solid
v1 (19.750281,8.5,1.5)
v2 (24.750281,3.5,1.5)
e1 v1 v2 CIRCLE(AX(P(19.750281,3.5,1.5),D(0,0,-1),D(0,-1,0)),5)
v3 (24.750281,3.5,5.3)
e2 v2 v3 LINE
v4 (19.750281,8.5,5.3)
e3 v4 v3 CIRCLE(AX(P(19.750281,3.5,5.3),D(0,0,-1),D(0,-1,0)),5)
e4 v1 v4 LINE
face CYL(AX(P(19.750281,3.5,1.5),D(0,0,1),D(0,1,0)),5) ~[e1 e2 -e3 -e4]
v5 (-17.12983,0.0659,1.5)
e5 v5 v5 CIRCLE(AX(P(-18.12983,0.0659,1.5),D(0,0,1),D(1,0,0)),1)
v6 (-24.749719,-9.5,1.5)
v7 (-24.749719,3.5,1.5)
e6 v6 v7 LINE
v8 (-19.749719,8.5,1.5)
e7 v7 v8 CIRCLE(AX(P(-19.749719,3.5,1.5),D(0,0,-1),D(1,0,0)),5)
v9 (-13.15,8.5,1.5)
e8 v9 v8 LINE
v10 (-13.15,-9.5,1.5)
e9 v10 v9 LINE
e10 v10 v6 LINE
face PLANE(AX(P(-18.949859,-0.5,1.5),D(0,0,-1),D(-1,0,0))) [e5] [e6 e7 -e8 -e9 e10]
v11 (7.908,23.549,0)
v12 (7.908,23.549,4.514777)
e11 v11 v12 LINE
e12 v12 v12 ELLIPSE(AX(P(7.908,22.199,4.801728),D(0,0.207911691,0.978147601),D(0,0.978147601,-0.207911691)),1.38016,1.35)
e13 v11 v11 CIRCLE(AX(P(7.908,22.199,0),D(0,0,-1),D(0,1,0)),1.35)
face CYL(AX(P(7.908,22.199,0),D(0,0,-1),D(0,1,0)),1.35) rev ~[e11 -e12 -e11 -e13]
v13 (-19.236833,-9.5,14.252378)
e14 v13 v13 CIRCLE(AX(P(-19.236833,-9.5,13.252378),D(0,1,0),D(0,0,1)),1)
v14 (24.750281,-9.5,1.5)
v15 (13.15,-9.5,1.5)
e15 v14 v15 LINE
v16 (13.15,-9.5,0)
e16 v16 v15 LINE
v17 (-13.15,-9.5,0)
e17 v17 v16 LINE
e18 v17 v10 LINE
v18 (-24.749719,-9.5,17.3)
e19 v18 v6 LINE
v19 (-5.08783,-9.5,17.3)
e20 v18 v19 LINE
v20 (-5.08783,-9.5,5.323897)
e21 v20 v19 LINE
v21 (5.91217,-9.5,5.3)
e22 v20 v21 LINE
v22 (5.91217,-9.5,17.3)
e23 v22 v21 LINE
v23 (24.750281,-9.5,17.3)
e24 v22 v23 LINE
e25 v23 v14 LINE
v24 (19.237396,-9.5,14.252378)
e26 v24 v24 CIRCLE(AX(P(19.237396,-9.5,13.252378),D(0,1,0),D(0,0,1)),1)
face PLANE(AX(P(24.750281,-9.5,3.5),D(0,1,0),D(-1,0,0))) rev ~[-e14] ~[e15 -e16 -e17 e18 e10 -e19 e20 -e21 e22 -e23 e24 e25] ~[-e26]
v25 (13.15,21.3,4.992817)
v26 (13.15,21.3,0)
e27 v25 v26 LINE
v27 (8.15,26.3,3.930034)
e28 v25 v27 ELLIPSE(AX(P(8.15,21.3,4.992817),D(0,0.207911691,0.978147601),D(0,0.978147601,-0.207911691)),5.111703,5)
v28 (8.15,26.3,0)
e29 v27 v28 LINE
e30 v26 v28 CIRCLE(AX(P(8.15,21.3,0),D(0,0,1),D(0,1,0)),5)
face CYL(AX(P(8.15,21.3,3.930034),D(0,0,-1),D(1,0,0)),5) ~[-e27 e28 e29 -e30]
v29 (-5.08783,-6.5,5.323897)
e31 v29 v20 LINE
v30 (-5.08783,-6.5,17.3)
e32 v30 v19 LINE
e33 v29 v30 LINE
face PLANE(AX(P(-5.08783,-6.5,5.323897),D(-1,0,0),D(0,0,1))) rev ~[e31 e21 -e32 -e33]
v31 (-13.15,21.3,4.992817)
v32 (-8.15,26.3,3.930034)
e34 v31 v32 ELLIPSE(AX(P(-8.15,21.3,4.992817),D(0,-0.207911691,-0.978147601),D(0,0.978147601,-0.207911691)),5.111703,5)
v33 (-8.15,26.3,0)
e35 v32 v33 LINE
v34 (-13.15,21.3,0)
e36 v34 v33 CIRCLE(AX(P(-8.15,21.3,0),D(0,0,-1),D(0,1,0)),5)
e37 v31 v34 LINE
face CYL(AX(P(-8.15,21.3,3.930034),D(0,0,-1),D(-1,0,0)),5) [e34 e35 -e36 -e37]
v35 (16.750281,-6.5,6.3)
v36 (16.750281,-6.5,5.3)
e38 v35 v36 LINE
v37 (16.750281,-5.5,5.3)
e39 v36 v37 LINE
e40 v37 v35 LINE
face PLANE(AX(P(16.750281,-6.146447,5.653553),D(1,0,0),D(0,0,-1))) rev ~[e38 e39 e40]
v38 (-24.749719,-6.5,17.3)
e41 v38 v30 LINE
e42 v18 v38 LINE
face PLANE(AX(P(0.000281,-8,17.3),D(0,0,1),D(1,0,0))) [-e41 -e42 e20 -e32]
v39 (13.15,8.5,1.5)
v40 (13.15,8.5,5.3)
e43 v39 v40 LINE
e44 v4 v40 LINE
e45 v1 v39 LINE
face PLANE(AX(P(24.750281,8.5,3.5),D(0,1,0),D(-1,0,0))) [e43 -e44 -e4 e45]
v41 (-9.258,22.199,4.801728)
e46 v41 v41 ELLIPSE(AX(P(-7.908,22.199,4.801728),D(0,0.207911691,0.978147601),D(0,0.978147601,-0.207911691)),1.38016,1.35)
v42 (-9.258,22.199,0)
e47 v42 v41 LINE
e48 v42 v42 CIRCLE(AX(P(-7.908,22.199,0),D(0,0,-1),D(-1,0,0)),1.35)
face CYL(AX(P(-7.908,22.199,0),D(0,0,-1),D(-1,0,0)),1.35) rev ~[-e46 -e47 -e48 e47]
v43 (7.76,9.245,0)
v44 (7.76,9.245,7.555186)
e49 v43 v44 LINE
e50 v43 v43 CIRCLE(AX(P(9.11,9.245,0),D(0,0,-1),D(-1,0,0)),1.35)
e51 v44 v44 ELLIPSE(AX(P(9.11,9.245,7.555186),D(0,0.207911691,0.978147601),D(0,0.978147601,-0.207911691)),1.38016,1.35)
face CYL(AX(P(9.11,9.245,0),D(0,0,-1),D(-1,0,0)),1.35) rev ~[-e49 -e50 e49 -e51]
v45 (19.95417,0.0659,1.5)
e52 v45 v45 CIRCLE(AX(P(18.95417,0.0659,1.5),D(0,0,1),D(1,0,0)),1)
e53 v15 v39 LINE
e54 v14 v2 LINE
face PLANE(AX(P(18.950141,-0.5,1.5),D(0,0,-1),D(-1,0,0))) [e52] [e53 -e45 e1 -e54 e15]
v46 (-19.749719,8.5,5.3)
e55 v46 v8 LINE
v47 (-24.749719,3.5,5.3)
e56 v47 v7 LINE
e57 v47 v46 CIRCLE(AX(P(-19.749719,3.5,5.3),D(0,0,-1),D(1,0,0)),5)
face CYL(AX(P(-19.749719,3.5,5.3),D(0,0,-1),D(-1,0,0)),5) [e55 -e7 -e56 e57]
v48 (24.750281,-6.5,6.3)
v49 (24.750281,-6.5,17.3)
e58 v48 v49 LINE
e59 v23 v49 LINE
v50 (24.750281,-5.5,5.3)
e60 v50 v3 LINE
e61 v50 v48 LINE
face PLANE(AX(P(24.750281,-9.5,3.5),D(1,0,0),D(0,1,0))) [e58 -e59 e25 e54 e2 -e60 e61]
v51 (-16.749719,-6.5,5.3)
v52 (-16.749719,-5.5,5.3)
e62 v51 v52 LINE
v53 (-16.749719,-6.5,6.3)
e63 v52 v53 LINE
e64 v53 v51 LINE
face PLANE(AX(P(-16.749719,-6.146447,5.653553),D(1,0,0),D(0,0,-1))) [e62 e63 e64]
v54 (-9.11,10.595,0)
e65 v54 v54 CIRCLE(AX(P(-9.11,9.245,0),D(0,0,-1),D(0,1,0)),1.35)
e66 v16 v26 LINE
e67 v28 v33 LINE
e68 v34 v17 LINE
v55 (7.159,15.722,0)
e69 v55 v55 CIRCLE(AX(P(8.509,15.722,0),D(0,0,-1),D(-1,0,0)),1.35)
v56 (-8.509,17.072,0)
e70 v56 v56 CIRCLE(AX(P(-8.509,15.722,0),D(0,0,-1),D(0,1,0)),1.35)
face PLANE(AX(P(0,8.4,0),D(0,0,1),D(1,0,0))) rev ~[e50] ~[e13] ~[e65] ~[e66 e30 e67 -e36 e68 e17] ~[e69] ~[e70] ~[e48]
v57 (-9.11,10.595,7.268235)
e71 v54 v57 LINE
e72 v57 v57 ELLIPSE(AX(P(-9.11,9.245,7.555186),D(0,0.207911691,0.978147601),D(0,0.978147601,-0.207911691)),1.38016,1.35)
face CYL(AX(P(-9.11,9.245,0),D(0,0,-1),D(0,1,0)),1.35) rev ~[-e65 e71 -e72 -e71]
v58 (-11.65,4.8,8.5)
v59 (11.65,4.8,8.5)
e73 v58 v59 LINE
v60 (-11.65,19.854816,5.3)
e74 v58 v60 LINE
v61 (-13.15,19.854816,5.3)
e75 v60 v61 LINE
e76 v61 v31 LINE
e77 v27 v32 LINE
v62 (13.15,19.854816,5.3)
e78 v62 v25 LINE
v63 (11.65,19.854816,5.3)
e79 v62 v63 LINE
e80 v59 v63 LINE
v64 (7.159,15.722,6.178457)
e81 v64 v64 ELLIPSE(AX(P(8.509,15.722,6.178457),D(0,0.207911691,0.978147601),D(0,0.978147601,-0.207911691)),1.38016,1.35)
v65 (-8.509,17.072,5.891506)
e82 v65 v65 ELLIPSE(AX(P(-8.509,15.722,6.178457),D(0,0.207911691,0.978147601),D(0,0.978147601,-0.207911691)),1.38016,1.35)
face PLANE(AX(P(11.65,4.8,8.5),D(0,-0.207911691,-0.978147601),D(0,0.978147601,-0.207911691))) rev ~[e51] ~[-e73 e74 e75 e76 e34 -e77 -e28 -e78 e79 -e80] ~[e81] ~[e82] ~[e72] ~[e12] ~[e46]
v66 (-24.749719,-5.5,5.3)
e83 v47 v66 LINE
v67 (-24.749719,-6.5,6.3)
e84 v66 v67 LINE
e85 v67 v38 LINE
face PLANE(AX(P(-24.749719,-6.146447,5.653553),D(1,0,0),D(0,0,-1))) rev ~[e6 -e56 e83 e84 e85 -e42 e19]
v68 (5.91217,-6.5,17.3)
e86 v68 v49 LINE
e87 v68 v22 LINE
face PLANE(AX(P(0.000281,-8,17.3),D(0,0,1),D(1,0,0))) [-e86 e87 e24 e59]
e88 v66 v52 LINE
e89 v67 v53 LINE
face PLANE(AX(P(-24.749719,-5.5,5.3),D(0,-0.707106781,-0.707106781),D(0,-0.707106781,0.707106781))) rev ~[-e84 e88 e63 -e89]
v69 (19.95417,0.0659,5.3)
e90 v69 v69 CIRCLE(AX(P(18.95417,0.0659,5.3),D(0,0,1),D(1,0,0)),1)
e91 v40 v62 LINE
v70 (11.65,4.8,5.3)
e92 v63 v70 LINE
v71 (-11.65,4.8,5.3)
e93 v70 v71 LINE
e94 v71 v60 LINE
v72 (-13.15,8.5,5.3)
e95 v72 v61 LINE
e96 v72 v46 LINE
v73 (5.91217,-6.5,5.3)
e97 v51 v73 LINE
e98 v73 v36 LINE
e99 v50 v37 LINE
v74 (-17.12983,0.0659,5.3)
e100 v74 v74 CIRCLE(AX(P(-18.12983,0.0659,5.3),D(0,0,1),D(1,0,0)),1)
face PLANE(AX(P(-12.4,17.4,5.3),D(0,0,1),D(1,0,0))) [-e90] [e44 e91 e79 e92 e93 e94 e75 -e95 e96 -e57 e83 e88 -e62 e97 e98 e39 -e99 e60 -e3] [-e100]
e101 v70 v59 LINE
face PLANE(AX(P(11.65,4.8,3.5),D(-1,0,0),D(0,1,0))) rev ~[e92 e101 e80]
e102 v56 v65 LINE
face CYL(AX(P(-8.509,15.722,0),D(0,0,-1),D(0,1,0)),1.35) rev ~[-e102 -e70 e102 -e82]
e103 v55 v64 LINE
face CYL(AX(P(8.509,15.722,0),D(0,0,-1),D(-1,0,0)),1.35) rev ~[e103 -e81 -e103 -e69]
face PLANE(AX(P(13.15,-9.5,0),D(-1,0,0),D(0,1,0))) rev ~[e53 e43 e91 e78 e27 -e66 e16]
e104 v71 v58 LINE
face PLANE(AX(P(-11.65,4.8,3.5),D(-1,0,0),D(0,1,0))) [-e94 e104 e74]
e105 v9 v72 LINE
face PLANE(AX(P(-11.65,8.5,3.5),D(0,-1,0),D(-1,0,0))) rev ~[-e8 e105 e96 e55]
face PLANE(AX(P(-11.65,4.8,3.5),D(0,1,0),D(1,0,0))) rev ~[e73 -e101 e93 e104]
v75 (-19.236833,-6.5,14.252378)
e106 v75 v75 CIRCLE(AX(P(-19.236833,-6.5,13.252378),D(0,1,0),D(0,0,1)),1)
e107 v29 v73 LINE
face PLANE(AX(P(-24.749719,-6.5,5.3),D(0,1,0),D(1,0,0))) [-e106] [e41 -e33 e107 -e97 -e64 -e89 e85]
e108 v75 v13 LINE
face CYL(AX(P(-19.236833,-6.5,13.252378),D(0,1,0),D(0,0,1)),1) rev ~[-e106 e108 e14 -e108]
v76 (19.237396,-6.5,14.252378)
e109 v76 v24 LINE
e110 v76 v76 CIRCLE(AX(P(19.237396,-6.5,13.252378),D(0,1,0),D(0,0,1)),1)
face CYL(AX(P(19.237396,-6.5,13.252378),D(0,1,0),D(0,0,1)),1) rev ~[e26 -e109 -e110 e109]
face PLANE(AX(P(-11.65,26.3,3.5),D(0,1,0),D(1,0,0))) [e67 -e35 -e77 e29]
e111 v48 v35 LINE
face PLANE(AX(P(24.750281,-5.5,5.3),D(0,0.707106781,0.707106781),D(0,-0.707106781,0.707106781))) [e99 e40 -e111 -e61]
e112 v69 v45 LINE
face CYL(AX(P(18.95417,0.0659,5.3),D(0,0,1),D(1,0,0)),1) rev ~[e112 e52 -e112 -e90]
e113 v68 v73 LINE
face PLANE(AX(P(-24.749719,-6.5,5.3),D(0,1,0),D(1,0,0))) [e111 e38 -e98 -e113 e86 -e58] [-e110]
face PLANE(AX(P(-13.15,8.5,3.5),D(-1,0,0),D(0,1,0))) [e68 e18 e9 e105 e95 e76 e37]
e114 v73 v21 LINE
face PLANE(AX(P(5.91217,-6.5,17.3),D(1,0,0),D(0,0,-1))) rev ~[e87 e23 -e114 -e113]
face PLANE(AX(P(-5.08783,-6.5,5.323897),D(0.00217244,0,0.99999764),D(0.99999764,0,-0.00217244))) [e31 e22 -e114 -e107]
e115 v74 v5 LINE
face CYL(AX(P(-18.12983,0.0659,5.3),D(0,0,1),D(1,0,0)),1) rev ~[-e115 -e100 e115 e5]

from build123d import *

# Parameters (mm, degrees)
RESSALTO_EXTRUS_O1_DEPTH          = 3.5
RESSALTO_EXTRUS_O2_DEPTH          = 1.8
ESBO_O5_W                         = 49.5
ESBO_O5_H                         = 3
RESSALTO_EXTRUS_O3_DEPTH          = 12
ESBO_O6_W                         = 1.5
ESBO_O6_H                         = 17.8
RESSALTO_EXTRUS_O4_DEPTH          = 1.8
ESBO_O7_R                         = 1
CORTE_EXTRUS_O2_DEPTH             = 45.583701426
CORTE_EXTRUS_O4_DEPTH             = 45.583701426
RESSALTO_EXTRUS_O5_DEPTH          = 8
RESSALTO_EXTRUS_O6_DEPTH          = 8
ESBO_O12_W                        = 11.60028147
ESBO_O12_H                        = 18
ESBO_O12_W_2                      = 11.59971853
RESSALTO_EXTRUS_O7_DEPTH          = 2
ESBO_O4_R                         = 1
CORTE_EXTRUS_O1_DEPTH             = 10
ESBO_O14_W                        = 23.3
ESBO_O14_H                        = 21.5
RESSALTO_EXTRUS_O8_DEPTH          = 5
CORTE_EXTRUS_O5_REACH             = 50.124
CORTE_EXTRUS_O5_DIRECTION_2_DEPTH = 10
CORTE_EXTRUS_O6_REACH             = 42.044
ESBO_O16_R                        = 1.35
FILETE1_R                         = 5


with BuildPart() as part:
    # Esbo_o1 → Ressalto-extrus_o1 (new body)
    with BuildSketch(Plane.XY):
        Polygon((-13.15, -9.5), (13.15, -9.5), (13.15, 6.5), (13.15, 26.3), (-13.15, 26.3), (-13.15, 6.5), align=None)
    extrude(amount=RESSALTO_EXTRUS_O1_DEPTH)

    # Esbo_o2 → Ressalto-extrus_o2 (add)
    with BuildSketch(Plane.XY.offset(3.5)):
        Polygon((24.75028147, 8.5), (11.65, 8.5), (11.65, 4.8), (-11.65, 4.8), (-11.65, 8.5), (-24.74971853, 8.5), (-24.74971853, -9.5), (-11.65, -9.5), (10.65, -9.5), (24.75028147, -9.5), align=None)
    extrude(amount=RESSALTO_EXTRUS_O2_DEPTH)

    # Esbo_o5 → Ressalto-extrus_o3 (add)
    with BuildSketch(Plane.XY.offset(5.3)):
        with Locations((0.00028147, -8)):
            Rectangle(ESBO_O5_W, ESBO_O5_H)
    extrude(amount=RESSALTO_EXTRUS_O3_DEPTH)

    # Esbo_o6 → Ressalto-extrus_o4 (add)
    with BuildSketch(Plane.XY.offset(3.5)):
        with Locations((-12.4, 17.4)):
            Rectangle(ESBO_O6_W, ESBO_O6_H)
        with Locations((12.4, 17.4)):
            Rectangle(ESBO_O6_W, ESBO_O6_H)
    extrude(amount=RESSALTO_EXTRUS_O4_DEPTH)

    # Esbo_o7 → Corte-extrus_o2 (cut, through all)
    with BuildSketch(Plane(origin=(0, -6.5, 0), x_dir=(1, 0, 0), z_dir=(0, 1, 0))):
        with Locations(Location((19.237396406, -13.252377825, 0), (0, 0, 270))):
            Circle(ESBO_O7_R)
        with Locations(Location((-19.236833466, -13.252377825, 0), (0, 0, 270))):
            Circle(ESBO_O7_R)
    extrude(amount=-CORTE_EXTRUS_O2_DEPTH, mode=Mode.SUBTRACT)

    # Esbo_o9 → Corte-extrus_o4 (cut, through all)
    with BuildSketch(Plane(origin=(0, -6.5, 0), x_dir=(1, 0, 0), z_dir=(0, 1, 0))):
        Polygon((-5.087829915, -5.323896898), (5.912170085, -5.3), (5.912170085, -14.390715249), (5.912170085, -17.3), (-5.087829915, -17.3), (-5.087829915, -14.390715249), align=None)
    extrude(amount=-CORTE_EXTRUS_O4_DEPTH, mode=Mode.SUBTRACT)

    # Esbo_o10 → Ressalto-extrus_o5 (add)
    with BuildSketch(Plane(origin=(24.75028147, 0, 0), x_dir=(0, 0, -1), z_dir=(1, 0, 0))):
        Polygon((-6.3, -6.5), (-5.3, -6.5), (-5.3, -5.5), align=None)
    extrude(amount=-RESSALTO_EXTRUS_O5_DEPTH)

    # Esbo_o11 → Ressalto-extrus_o6 (add)
    with BuildSketch(Plane.ZY.offset(24.74971853)):
        Polygon((5.3, -5.5), (6.3, -6.5), (5.3, -6.5), align=None)
    extrude(amount=-RESSALTO_EXTRUS_O6_DEPTH)

    # Esbo_o12 → Ressalto-extrus_o7 (add)
    with BuildSketch(Plane(origin=(0, 0, 3.5), x_dir=(-1, 0, 0), z_dir=(0, 0, -1))):
        with Locations((-18.950140735, -0.5)):
            Rectangle(ESBO_O12_W, ESBO_O12_H)
        with Locations((18.949859265, -0.5)):
            Rectangle(ESBO_O12_W_2, ESBO_O12_H)
    extrude(amount=RESSALTO_EXTRUS_O7_DEPTH)

    # Esbo_o4 → Corte-extrus_o1 (cut)
    with BuildSketch(Plane.XY.offset(5.3)):
        with Locations((-18.129829915, 0.0659)):
            Circle(ESBO_O4_R)
        with Locations((18.954170085, 0.0659)):
            Circle(ESBO_O4_R)
    extrude(amount=-CORTE_EXTRUS_O1_DEPTH, mode=Mode.SUBTRACT)

    # Esbo_o14 → Ressalto-extrus_o8 (add)
    with BuildSketch(Plane.XY.offset(3.5)):
        with Locations((0, 15.55)):
            Rectangle(ESBO_O14_W, ESBO_O14_H)
    extrude(amount=RESSALTO_EXTRUS_O8_DEPTH)

    # Esbo_o15 → Corte-extrus_o5 (cut, up to next)
    with BuildSketch(Plane(origin=(11.65, 0, 0), x_dir=(0, 0, -1), z_dir=(1, 0, 0)), mode=Mode.PRIVATE) as corte_extrus_o5_sk1:
        Polygon((-8.5, 26.3), (-8.5, 4.8), (-3.930033924, 26.3), align=None)
    corte_extrus_o5_tool1 = extrude(corte_extrus_o5_sk1.sketch, amount=-CORTE_EXTRUS_O5_REACH, mode=Mode.PRIVATE) & part.part
    add(corte_extrus_o5_tool1.solids().sort_by_distance((11.65, 19.133333, 6.976678))[0], mode=Mode.SUBTRACT)

    # Esbo_o15 → Corte-extrus_o5 direction 2 (cut)
    with BuildSketch(Plane(origin=(11.65, 0, 0), x_dir=(0, 0, -1), z_dir=(1, 0, 0))):
        Polygon((-8.5, 26.3), (-8.5, 4.8), (-3.930033924, 26.3), align=None)
    extrude(amount=CORTE_EXTRUS_O5_DIRECTION_2_DEPTH, mode=Mode.SUBTRACT)

    # Corte-extrus_o6: up to this plane
    corte_extrus_o6_end = Plane(origin=(21.65, 4.8, 8.5), z_dir=(0, 0.20791169081775246, 0.9781476007338071))
    # Esbo_o16 → Corte-extrus_o6 (cut, up to the surface)
    with BuildSketch(Plane(origin=(0, 0, 0), x_dir=(-1, 0, 0), z_dir=(0, 0, -1)), mode=Mode.PRIVATE) as corte_extrus_o6_sk1:
        with Locations((7.908, 22.199)):
            Circle(ESBO_O16_R)
    corte_extrus_o6_tool1 = split(extrude(corte_extrus_o6_sk1.sketch, amount=-CORTE_EXTRUS_O6_REACH, mode=Mode.PRIVATE), bisect_by=corte_extrus_o6_end, keep=Keep.BOTH, mode=Mode.PRIVATE)
    add(corte_extrus_o6_tool1.solids().sort_by_distance((-7.908, 22.199, 0))[0], mode=Mode.SUBTRACT)
    # Esbo_o16 → Corte-extrus_o6 (cut, up to the surface)
    with BuildSketch(Plane(origin=(0, 0, 0), x_dir=(-1, 0, 0), z_dir=(0, 0, -1)), mode=Mode.PRIVATE) as corte_extrus_o6_sk2:
        with Locations((-9.11, 9.245)):
            Circle(ESBO_O16_R)
    corte_extrus_o6_tool2 = split(extrude(corte_extrus_o6_sk2.sketch, amount=-CORTE_EXTRUS_O6_REACH, mode=Mode.PRIVATE), bisect_by=corte_extrus_o6_end, keep=Keep.BOTH, mode=Mode.PRIVATE)
    add(corte_extrus_o6_tool2.solids().sort_by_distance((9.11, 9.245, 0))[0], mode=Mode.SUBTRACT)
    # Esbo_o16 → Corte-extrus_o6 (cut, up to the surface)
    with BuildSketch(Plane(origin=(0, 0, 0), x_dir=(-1, 0, 0), z_dir=(0, 0, -1)), mode=Mode.PRIVATE) as corte_extrus_o6_sk3:
        with Locations(Location((9.11, 9.245, 0), (0, 0, 90))):
            Circle(ESBO_O16_R)
    corte_extrus_o6_tool3 = split(extrude(corte_extrus_o6_sk3.sketch, amount=-CORTE_EXTRUS_O6_REACH, mode=Mode.PRIVATE), bisect_by=corte_extrus_o6_end, keep=Keep.BOTH, mode=Mode.PRIVATE)
    add(corte_extrus_o6_tool3.solids().sort_by_distance((-9.11, 9.245, 0))[0], mode=Mode.SUBTRACT)
    # Esbo_o16 → Corte-extrus_o6 (cut, up to the surface)
    with BuildSketch(Plane(origin=(0, 0, 0), x_dir=(-1, 0, 0), z_dir=(0, 0, -1)), mode=Mode.PRIVATE) as corte_extrus_o6_sk4:
        with Locations(Location((-7.908, 22.199, 0), (0, 0, 90))):
            Circle(ESBO_O16_R)
    corte_extrus_o6_tool4 = split(extrude(corte_extrus_o6_sk4.sketch, amount=-CORTE_EXTRUS_O6_REACH, mode=Mode.PRIVATE), bisect_by=corte_extrus_o6_end, keep=Keep.BOTH, mode=Mode.PRIVATE)
    add(corte_extrus_o6_tool4.solids().sort_by_distance((7.908, 22.199, 0))[0], mode=Mode.SUBTRACT)
    # Esbo_o16 → Corte-extrus_o6 (cut, up to the surface)
    with BuildSketch(Plane(origin=(0, 0, 0), x_dir=(-1, 0, 0), z_dir=(0, 0, -1)), mode=Mode.PRIVATE) as corte_extrus_o6_sk5:
        with Locations((-8.509, 15.722)):
            Circle(ESBO_O16_R)
    corte_extrus_o6_tool5 = split(extrude(corte_extrus_o6_sk5.sketch, amount=-CORTE_EXTRUS_O6_REACH, mode=Mode.PRIVATE), bisect_by=corte_extrus_o6_end, keep=Keep.BOTH, mode=Mode.PRIVATE)
    add(corte_extrus_o6_tool5.solids().sort_by_distance((8.509, 15.722, 0))[0], mode=Mode.SUBTRACT)
    # Esbo_o16 → Corte-extrus_o6 (cut, up to the surface)
    with BuildSketch(Plane(origin=(0, 0, 0), x_dir=(-1, 0, 0), z_dir=(0, 0, -1)), mode=Mode.PRIVATE) as corte_extrus_o6_sk6:
        with Locations(Location((8.509, 15.722, 0), (0, 0, 90))):
            Circle(ESBO_O16_R)
    corte_extrus_o6_tool6 = split(extrude(corte_extrus_o6_sk6.sketch, amount=-CORTE_EXTRUS_O6_REACH, mode=Mode.PRIVATE), bisect_by=corte_extrus_o6_end, keep=Keep.BOTH, mode=Mode.PRIVATE)
    add(corte_extrus_o6_tool6.solids().sort_by_distance((-8.509, 15.722, 0))[0], mode=Mode.SUBTRACT)

    # Filete1
    filete1_edges = [part.edges().sort_by_distance(p)[0] for p in [
        (24.75028147, 8.5, 3.4),
        (-24.74971853, 8.5, 3.4),
        (-13.15, 26.3, 1.965016962),
        (13.15, 26.3, 1.965016962),
    ]]
    fillet(filete1_edges, radius=FILETE1_R)


solid = part.part
